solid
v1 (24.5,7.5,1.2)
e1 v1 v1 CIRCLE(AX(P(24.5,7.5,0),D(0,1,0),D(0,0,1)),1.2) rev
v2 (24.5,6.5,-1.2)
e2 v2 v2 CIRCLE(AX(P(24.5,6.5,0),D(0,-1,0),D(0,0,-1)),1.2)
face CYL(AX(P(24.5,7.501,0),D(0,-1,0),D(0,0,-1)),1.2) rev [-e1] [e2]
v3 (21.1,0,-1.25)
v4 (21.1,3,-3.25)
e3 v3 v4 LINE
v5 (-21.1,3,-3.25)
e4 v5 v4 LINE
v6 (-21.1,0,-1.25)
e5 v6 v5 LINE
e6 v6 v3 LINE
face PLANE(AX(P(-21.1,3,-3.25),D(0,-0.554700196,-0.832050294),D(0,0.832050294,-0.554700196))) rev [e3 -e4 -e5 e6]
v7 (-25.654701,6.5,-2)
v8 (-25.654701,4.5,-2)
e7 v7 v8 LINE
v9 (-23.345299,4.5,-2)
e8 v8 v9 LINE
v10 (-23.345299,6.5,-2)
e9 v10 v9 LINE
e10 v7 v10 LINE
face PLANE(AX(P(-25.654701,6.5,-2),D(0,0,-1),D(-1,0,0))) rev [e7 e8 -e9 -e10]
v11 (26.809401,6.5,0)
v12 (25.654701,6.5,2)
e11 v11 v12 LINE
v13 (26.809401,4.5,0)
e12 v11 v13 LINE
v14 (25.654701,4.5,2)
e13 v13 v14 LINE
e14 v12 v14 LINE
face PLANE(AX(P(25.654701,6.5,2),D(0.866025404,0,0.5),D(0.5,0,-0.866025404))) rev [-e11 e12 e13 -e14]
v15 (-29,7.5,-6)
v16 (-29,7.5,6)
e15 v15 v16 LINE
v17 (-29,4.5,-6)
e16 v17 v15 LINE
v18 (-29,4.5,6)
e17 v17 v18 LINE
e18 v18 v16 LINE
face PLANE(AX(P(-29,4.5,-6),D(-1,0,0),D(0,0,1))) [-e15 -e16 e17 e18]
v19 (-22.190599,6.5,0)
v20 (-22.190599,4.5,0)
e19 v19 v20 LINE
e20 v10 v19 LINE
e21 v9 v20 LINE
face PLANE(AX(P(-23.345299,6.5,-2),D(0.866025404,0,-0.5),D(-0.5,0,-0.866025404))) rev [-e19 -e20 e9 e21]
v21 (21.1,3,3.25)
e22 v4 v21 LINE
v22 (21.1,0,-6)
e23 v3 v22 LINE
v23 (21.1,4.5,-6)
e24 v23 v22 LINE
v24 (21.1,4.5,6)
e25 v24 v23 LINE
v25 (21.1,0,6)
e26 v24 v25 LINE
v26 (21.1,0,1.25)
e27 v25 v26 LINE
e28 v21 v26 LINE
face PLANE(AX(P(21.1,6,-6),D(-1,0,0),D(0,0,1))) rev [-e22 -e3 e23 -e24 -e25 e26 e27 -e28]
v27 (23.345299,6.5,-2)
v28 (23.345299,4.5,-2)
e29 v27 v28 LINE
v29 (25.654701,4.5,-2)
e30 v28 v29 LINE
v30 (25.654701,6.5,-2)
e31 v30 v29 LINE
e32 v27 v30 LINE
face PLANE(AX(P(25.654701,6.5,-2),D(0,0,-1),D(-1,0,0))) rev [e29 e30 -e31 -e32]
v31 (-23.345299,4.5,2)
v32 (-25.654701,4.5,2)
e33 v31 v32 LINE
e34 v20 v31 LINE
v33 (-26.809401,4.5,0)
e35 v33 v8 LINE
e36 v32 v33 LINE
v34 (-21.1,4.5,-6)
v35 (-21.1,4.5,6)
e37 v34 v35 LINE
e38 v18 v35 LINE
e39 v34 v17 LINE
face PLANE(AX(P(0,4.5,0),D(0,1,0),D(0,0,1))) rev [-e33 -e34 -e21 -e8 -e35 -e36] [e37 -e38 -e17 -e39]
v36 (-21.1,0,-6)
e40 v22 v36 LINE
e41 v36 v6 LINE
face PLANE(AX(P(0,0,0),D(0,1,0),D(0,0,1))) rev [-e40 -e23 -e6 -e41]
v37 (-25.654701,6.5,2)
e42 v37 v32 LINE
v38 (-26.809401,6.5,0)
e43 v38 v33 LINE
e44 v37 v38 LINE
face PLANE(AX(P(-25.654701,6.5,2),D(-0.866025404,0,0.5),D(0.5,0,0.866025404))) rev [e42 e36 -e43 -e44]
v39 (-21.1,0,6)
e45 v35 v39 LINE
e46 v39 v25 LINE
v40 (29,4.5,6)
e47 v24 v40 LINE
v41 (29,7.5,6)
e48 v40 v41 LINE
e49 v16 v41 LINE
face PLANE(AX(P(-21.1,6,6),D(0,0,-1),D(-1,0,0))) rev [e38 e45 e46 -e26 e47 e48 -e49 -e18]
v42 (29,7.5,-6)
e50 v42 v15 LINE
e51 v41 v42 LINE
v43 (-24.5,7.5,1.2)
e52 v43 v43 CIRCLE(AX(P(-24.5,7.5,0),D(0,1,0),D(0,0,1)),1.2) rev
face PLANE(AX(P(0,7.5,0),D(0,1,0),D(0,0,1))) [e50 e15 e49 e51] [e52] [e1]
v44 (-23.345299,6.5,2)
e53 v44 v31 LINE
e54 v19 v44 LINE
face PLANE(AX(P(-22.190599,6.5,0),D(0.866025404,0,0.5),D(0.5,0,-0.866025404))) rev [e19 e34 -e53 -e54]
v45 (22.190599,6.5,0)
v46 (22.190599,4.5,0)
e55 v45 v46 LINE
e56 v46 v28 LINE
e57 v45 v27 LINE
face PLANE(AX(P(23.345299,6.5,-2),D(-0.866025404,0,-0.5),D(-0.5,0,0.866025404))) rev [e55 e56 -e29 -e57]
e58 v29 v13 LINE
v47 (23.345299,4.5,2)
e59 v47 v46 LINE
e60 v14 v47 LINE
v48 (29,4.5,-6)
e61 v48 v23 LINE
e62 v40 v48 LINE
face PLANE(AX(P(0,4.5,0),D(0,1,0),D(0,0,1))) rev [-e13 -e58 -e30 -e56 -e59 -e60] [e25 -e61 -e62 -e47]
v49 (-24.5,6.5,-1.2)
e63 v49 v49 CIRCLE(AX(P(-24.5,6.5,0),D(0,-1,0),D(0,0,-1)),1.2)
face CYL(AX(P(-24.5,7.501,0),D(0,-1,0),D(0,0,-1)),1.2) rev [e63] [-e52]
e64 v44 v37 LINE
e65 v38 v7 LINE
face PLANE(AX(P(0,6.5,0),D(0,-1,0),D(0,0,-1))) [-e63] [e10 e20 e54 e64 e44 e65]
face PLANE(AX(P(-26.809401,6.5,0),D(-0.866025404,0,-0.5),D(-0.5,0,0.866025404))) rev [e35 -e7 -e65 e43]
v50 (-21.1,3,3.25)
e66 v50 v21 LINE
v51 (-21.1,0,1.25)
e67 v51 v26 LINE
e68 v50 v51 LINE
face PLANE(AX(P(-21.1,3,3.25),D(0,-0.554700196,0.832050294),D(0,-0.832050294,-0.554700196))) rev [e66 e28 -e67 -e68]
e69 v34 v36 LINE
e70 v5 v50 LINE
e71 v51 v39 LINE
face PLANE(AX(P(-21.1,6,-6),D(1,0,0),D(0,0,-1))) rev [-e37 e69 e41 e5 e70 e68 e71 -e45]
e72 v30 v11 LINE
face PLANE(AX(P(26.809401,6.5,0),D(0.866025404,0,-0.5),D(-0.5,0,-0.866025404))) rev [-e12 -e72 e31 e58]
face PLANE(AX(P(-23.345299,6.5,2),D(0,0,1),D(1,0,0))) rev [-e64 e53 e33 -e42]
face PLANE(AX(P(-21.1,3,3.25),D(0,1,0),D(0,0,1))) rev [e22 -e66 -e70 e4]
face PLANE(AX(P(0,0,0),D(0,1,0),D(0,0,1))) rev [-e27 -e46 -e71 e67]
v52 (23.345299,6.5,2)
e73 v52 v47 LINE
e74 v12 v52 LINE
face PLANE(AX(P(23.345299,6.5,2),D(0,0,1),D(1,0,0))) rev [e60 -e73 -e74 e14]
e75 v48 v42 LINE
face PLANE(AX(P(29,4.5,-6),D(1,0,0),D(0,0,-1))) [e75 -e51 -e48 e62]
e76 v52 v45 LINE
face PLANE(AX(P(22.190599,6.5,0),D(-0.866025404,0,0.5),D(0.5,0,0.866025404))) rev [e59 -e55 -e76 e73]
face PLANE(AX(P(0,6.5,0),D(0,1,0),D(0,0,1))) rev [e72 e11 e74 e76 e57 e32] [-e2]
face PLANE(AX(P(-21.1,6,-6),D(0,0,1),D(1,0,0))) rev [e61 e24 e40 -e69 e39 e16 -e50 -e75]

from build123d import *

# Parameters (mm, degrees)
SKETCH_1_W          = 42.2
SKETCH_1_H          = 12
EXTRUDE_1_DEPTH     = 6
CUT_EXTRUDE_1_DEPTH = 44.044628004
SKETCH_3_W          = 58
SKETCH_3_H          = 12
EXTRUDE_2_DEPTH     = 1.5
CUT_EXTRUDE_2_DEPTH = 2
CUT_EXTRUDE_3_REACH = 32.319
SKETCH_5_R          = 1.2


with BuildPart() as part:
    # 草图1 → 凸台-拉伸1 (new body)
    with BuildSketch(Plane(origin=(0, 0, 0), x_dir=(1, 0, 0), z_dir=(0, 1, 0))):
        Rectangle(SKETCH_1_W, SKETCH_1_H)
    extrude(amount=EXTRUDE_1_DEPTH)

    # 草图2 → 切除-拉伸1 (cut, through all)
    with BuildSketch(Plane(origin=(21.1, 0, 0), x_dir=(0, 0, -1), z_dir=(1, 0, 0))):
        Polygon((3.25, 3), (1.25, 0), (-1.25, 0), (-3.25, 3), align=None)
    extrude(amount=-CUT_EXTRUDE_1_DEPTH, mode=Mode.SUBTRACT)

    # 草图3 → 凸台-拉伸2 (add, symmetric)
    with BuildSketch(Plane(origin=(0, 6, 0), x_dir=(1, 0, 0), z_dir=(0, 1, 0))):
        Rectangle(SKETCH_3_W, SKETCH_3_H)
    extrude(amount=EXTRUDE_2_DEPTH, both=True)

    # 草图4 → 切除-拉伸2 (cut)
    with BuildSketch(Plane.XZ.offset(-4.5)):
        Polygon((-22.190598923, 0), (-23.345299462, 2), (-25.654700538, 2), (-26.809401077, 0), (-25.654700538, -2), (-23.345299462, -2), align=None)
        Polygon((22.190598923, 0), (23.345299462, 2), (25.654700538, 2), (26.809401077, 0), (25.654700538, -2), (23.345299462, -2), align=None)
    extrude(amount=-CUT_EXTRUDE_2_DEPTH, mode=Mode.SUBTRACT)

    # 草图5 → 切除-拉伸3 (cut, up to next)
    with BuildSketch(Plane.XZ.offset(-6.5), mode=Mode.PRIVATE) as cut_extrude_3_sk1:
        with Locations(Location((-24.5, 0, 0), (0, 0, 270))):
            Circle(SKETCH_5_R)
    cut_extrude_3_tool1 = extrude(cut_extrude_3_sk1.sketch, amount=-CUT_EXTRUDE_3_REACH, mode=Mode.PRIVATE) & part.part
    # 草图5 → 切除-拉伸3 (cut, up to next)
    with BuildSketch(Plane.XZ.offset(-6.5), mode=Mode.PRIVATE) as cut_extrude_3_sk2:
        with Locations(Location((24.5, 0, 0), (0, 0, 270))):
            Circle(SKETCH_5_R)
    cut_extrude_3_tool2 = extrude(cut_extrude_3_sk2.sketch, amount=-CUT_EXTRUDE_3_REACH, mode=Mode.PRIVATE) & part.part
    add(cut_extrude_3_tool1.solids().sort_by_distance((-24.5, 6.5, 0))[0], mode=Mode.SUBTRACT)
    add(cut_extrude_3_tool2.solids().sort_by_distance((24.5, 6.5, 0))[0], mode=Mode.SUBTRACT)


solid = part.part
